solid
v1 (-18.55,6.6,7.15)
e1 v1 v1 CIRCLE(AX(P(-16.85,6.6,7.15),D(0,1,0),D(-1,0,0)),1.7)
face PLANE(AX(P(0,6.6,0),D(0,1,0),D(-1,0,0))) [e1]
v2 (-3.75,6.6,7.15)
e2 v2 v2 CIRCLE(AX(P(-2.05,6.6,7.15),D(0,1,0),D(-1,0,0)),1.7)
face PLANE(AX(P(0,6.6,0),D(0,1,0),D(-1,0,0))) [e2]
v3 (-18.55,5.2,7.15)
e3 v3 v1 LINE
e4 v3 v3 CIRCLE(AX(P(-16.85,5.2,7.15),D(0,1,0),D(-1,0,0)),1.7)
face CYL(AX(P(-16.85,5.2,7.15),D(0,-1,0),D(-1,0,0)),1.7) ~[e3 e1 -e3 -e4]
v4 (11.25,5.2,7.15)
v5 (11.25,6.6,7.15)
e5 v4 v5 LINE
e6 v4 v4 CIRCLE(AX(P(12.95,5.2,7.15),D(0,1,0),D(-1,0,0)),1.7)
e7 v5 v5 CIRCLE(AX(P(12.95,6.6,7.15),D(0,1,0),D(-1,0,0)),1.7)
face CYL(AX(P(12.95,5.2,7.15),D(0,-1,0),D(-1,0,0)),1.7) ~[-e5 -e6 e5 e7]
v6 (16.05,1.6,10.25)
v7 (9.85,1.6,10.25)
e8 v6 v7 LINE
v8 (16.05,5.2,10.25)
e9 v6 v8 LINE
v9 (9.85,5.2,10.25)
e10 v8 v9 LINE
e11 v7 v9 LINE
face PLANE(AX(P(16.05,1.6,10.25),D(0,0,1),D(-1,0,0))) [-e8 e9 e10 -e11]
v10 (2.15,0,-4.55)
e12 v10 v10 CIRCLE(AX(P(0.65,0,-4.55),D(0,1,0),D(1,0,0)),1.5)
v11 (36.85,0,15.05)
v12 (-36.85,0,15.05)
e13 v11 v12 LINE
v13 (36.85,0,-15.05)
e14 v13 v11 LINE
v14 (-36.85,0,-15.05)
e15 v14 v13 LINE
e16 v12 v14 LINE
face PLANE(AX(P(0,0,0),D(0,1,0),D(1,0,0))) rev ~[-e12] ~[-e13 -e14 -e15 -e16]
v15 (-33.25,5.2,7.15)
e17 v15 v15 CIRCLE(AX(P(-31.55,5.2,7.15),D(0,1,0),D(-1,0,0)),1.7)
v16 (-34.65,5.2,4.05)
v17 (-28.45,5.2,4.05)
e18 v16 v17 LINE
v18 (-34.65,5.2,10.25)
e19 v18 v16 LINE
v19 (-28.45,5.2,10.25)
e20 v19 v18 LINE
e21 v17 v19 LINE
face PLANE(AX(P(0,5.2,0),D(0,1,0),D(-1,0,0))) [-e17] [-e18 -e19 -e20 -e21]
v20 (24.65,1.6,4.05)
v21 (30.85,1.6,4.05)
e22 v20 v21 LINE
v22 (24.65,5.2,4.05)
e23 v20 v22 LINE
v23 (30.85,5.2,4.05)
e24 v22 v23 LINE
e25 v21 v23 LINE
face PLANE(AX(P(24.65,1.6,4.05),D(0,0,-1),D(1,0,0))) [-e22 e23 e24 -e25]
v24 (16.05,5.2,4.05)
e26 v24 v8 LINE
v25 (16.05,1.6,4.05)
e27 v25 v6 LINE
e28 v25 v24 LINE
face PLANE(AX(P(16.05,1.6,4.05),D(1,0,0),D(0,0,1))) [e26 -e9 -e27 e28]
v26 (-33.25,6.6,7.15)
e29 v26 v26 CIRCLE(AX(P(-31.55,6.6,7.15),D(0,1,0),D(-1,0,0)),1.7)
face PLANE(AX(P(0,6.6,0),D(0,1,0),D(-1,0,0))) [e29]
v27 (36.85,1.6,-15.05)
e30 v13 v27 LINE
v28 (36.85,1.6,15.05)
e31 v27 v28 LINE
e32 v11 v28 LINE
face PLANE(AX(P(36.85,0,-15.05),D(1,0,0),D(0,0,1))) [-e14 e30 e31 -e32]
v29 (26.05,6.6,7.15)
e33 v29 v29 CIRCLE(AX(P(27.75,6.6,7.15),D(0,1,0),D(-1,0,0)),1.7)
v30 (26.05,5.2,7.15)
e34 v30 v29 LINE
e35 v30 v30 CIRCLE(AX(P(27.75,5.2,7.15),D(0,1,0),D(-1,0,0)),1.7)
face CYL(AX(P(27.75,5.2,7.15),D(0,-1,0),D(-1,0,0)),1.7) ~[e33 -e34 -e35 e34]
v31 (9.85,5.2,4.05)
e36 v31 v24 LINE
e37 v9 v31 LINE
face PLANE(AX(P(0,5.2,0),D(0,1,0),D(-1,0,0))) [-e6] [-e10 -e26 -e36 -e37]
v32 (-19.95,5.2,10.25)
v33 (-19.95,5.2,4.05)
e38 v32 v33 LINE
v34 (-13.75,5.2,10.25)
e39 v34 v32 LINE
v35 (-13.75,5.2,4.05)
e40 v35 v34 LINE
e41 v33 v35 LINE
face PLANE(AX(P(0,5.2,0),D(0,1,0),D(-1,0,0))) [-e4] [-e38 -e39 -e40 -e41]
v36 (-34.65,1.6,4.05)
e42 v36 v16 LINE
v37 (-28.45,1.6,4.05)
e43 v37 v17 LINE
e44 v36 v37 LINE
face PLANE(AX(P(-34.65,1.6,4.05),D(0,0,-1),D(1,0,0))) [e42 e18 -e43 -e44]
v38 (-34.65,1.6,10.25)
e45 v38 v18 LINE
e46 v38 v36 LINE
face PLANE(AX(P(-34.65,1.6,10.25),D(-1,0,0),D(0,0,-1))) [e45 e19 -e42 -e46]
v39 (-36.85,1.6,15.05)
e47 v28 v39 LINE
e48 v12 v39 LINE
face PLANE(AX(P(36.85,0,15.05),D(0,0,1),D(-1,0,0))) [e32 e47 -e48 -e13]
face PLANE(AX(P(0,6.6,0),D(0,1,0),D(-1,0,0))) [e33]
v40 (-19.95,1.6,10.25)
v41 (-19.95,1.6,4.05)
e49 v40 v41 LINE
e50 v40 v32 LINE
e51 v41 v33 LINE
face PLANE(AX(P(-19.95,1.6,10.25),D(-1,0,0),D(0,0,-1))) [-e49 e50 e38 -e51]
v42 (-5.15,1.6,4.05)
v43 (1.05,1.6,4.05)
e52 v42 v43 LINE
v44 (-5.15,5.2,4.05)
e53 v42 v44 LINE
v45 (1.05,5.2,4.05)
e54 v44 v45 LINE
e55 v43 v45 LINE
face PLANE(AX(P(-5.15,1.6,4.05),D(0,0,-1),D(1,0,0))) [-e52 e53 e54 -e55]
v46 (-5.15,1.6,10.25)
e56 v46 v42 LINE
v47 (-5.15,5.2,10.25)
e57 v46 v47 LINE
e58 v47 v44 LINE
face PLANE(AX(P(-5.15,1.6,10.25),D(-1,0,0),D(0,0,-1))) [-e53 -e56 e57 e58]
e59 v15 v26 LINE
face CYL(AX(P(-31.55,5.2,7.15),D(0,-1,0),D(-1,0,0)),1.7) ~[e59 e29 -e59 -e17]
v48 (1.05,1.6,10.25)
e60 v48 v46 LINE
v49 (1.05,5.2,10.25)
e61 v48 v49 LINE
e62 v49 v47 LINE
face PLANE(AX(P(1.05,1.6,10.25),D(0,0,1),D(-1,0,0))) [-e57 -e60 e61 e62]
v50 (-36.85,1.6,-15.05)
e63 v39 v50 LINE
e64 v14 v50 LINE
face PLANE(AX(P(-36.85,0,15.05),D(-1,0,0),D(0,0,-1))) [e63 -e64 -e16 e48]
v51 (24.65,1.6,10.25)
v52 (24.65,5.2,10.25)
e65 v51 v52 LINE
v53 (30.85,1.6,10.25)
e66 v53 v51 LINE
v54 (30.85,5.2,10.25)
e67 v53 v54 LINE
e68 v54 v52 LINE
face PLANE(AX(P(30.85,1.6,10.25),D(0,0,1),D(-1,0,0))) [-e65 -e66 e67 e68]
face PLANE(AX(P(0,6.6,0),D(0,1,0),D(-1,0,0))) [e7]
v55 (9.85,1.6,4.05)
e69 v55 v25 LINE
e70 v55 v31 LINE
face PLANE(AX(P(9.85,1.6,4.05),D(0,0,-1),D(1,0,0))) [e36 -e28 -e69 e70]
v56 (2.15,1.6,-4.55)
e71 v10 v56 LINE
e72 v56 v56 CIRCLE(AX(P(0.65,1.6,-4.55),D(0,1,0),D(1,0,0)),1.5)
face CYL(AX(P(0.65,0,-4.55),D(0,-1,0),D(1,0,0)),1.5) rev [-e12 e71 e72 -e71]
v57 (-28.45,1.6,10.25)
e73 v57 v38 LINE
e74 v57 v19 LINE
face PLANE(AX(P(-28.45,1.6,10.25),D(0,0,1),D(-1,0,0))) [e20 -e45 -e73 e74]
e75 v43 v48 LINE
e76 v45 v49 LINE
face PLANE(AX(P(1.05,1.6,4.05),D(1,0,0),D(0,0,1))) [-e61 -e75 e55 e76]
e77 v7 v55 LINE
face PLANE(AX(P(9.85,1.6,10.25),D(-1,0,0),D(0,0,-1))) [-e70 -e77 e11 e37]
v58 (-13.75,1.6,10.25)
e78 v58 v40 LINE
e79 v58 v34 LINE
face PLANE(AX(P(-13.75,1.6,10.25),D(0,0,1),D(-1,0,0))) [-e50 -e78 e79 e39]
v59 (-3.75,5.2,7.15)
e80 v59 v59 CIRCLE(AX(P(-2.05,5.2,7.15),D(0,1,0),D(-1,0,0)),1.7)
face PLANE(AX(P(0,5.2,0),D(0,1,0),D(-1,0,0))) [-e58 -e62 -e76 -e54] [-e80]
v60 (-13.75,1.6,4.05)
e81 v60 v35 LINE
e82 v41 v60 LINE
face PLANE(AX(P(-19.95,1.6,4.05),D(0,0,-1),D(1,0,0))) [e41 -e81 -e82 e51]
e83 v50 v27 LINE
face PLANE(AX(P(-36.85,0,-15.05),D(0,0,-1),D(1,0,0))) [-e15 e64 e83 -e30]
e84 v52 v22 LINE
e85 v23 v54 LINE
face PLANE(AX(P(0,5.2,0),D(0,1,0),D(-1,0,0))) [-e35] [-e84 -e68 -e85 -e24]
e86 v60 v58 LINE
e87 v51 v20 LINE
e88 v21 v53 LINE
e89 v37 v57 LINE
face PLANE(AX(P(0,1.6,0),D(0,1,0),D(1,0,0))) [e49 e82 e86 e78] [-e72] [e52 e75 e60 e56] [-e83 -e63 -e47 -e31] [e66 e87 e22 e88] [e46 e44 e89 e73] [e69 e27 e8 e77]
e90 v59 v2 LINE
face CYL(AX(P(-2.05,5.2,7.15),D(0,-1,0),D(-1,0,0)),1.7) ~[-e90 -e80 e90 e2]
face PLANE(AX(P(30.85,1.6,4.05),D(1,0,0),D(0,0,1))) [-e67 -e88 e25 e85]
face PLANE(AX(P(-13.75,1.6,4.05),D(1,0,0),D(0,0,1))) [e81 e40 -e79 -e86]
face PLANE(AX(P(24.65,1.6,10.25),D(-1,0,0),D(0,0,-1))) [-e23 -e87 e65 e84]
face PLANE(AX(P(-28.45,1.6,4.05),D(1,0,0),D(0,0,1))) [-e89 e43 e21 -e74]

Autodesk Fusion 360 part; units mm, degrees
sketch "Эскиз1" plane through (0, 0, 0) normal (0, 1, 0) x (1, 0, 0)
  line L0 (36.85, -15.05) -> (-36.85, -15.05)
  line L1 (-36.85, -15.05) -> (-36.85, 15.05)
  line L2 (-36.85, 15.05) -> (36.85, 15.05)
  line L3 (36.85, 15.05) -> (36.85, -15.05)
  line L4 (36.85, -15.05) -> (-36.85, 15.05) construction
  line L5 (-36.85, -15.05) -> (36.85, 15.05) construction
  circle A0 centre (0.65, 4.55) radius 1.5
  dimension "d1" = 73.7
  dimension "d2" = 30.1
  dimension "d3" = 3
  dimension "d4" = 37.5
  dimension "d5" = 10.5
extrude "Выдавливание2" add sketch "Эскиз1" along normal blind 1.6
sketch "Эскиз2" plane through (0, 1.6, 0) normal (0, 1, 0) x (-1, 0, 0)
  line L0 (34.65, 4.05) -> (28.45, 4.05)
  line L1 (28.45, 4.05) -> (28.45, 10.25)
  line L2 (28.45, 10.25) -> (34.65, 10.25)
  line L3 (34.65, 10.25) -> (34.65, 4.05)
  circle A0 centre (-0.65, -4.55) radius 1.5
  circle A1 centre (-0.65, -4.55) radius 1.5
  line L4 (-36.85, -15.05) -> (36.85, -15.05)
  line L5 (36.85, -15.05) -> (36.85, 15.05)
  line L6 (36.85, 15.05) -> (-36.85, 15.05)
  line L7 (-36.85, 15.05) -> (-36.85, -15.05)
  line L8 (19.95, 4.05) -> (13.75, 4.05)
  line L9 (19.95, 10.25) -> (19.95, 4.05)
  line L10 (13.75, 10.25) -> (19.95, 10.25)
  line L11 (13.75, 4.05) -> (13.75, 10.25)
  line L12 (5.15, 4.05) -> (-1.05, 4.05)
  line L13 (5.15, 10.25) -> (5.15, 4.05)
  line L14 (-1.05, 10.25) -> (5.15, 10.25)
  line L15 (-1.05, 4.05) -> (-1.05, 10.25)
  line L16 (-9.85, 4.05) -> (-16.05, 4.05)
  line L17 (-9.85, 10.25) -> (-9.85, 4.05)
  line L18 (-16.05, 4.05) -> (-16.05, 10.25)
  line L19 (-16.05, 10.25) -> (-9.85, 10.25)
  line L20 (-24.65, 4.05) -> (-30.85, 4.05)
  line L21 (-24.65, 10.25) -> (-24.65, 4.05)
  line L22 (-30.85, 4.05) -> (-30.85, 10.25)
  line L23 (-30.85, 10.25) -> (-24.65, 10.25)
  dimension "d8" = 6.2
  dimension "d9" = 6.2
  dimension "d18" = 2.2
  dimension "d19" = 4.8
  dimension "d20" = 6.2
  dimension "d21" = 6.2
  dimension "d22" = 8.5
  dimension "d23" = 6.2
  dimension "d24" = 6.2
  dimension "d25" = 8.6
  dimension "d26" = 6.2
  dimension "d27" = 6.2
  dimension "d28" = 6.2
  dimension "d29" = 6.2
  dimension "d30" = 8.6
  dimension "d31" = 8.8
  dimension "d32" = 65.5
  dimension "d33" = 21
  dimension "d34" = 21.2
  dimension "d35" = 21
  dimension "d36" = 20.9
  dimension "d37" = 6
extrude "Выдавливание3" add sketch "Эскиз2" along normal blind 3.6 contours L0 L1 L2 L3 | L8 L9 L10 L11 | L12 L13 L14 L15 | L16 L17 L18 L19 | L20 L21 L22 L23
sketch "Эскиз3" plane through (0, 5.2, 0) normal (0, 1, 0) x (-1, 0, 0)
  line L0 (34.65, 10.25) -> (28.45, 10.25)
  line L1 (28.45, 10.25) -> (28.45, 4.05)
  line L2 (28.45, 4.05) -> (34.65, 4.05)
  line L3 (34.65, 4.05) -> (34.65, 10.25)
  line L4 (13.75, 4.05) -> (19.95, 4.05)
  line L5 (19.95, 4.05) -> (19.95, 10.25)
  line L6 (19.95, 10.25) -> (13.75, 10.25)
  line L7 (13.75, 10.25) -> (13.75, 4.05)
  line L8 (-1.05, 4.05) -> (5.15, 4.05)
  line L9 (5.15, 4.05) -> (5.15, 10.25)
  line L10 (5.15, 10.25) -> (-1.05, 10.25)
  line L11 (-1.05, 10.25) -> (-1.05, 4.05)
  line L12 (-16.05, 10.25) -> (-16.05, 4.05)
  line L13 (-16.05, 4.05) -> (-9.85, 4.05)
  line L14 (-9.85, 4.05) -> (-9.85, 10.25)
  line L15 (-9.85, 10.25) -> (-16.05, 10.25)
  line L16 (-30.85, 10.25) -> (-30.85, 4.05)
  line L17 (-30.85, 4.05) -> (-24.65, 4.05)
  line L18 (-24.65, 4.05) -> (-24.65, 10.25)
  line L19 (-24.65, 10.25) -> (-30.85, 10.25)
  circle A0 centre (31.55, 7.15) radius 1.7
  circle A1 centre (16.85, 7.15) radius 1.7
  circle A2 centre (2.05, 7.15) radius 1.7
  circle A3 centre (-12.95, 7.15) radius 1.7
  circle A4 centre (-27.75, 7.15) radius 1.7
  dimension "d40" = 3.4
  dimension "d41" = 3.4
  dimension "d42" = 3.4
  dimension "d43" = 3.4
  dimension "d44" = 3.4
extrude "Выдавливание4" add sketch "Эскиз3" along normal blind 1.4 contours A0 | A1 | A2 | A3 | A4
